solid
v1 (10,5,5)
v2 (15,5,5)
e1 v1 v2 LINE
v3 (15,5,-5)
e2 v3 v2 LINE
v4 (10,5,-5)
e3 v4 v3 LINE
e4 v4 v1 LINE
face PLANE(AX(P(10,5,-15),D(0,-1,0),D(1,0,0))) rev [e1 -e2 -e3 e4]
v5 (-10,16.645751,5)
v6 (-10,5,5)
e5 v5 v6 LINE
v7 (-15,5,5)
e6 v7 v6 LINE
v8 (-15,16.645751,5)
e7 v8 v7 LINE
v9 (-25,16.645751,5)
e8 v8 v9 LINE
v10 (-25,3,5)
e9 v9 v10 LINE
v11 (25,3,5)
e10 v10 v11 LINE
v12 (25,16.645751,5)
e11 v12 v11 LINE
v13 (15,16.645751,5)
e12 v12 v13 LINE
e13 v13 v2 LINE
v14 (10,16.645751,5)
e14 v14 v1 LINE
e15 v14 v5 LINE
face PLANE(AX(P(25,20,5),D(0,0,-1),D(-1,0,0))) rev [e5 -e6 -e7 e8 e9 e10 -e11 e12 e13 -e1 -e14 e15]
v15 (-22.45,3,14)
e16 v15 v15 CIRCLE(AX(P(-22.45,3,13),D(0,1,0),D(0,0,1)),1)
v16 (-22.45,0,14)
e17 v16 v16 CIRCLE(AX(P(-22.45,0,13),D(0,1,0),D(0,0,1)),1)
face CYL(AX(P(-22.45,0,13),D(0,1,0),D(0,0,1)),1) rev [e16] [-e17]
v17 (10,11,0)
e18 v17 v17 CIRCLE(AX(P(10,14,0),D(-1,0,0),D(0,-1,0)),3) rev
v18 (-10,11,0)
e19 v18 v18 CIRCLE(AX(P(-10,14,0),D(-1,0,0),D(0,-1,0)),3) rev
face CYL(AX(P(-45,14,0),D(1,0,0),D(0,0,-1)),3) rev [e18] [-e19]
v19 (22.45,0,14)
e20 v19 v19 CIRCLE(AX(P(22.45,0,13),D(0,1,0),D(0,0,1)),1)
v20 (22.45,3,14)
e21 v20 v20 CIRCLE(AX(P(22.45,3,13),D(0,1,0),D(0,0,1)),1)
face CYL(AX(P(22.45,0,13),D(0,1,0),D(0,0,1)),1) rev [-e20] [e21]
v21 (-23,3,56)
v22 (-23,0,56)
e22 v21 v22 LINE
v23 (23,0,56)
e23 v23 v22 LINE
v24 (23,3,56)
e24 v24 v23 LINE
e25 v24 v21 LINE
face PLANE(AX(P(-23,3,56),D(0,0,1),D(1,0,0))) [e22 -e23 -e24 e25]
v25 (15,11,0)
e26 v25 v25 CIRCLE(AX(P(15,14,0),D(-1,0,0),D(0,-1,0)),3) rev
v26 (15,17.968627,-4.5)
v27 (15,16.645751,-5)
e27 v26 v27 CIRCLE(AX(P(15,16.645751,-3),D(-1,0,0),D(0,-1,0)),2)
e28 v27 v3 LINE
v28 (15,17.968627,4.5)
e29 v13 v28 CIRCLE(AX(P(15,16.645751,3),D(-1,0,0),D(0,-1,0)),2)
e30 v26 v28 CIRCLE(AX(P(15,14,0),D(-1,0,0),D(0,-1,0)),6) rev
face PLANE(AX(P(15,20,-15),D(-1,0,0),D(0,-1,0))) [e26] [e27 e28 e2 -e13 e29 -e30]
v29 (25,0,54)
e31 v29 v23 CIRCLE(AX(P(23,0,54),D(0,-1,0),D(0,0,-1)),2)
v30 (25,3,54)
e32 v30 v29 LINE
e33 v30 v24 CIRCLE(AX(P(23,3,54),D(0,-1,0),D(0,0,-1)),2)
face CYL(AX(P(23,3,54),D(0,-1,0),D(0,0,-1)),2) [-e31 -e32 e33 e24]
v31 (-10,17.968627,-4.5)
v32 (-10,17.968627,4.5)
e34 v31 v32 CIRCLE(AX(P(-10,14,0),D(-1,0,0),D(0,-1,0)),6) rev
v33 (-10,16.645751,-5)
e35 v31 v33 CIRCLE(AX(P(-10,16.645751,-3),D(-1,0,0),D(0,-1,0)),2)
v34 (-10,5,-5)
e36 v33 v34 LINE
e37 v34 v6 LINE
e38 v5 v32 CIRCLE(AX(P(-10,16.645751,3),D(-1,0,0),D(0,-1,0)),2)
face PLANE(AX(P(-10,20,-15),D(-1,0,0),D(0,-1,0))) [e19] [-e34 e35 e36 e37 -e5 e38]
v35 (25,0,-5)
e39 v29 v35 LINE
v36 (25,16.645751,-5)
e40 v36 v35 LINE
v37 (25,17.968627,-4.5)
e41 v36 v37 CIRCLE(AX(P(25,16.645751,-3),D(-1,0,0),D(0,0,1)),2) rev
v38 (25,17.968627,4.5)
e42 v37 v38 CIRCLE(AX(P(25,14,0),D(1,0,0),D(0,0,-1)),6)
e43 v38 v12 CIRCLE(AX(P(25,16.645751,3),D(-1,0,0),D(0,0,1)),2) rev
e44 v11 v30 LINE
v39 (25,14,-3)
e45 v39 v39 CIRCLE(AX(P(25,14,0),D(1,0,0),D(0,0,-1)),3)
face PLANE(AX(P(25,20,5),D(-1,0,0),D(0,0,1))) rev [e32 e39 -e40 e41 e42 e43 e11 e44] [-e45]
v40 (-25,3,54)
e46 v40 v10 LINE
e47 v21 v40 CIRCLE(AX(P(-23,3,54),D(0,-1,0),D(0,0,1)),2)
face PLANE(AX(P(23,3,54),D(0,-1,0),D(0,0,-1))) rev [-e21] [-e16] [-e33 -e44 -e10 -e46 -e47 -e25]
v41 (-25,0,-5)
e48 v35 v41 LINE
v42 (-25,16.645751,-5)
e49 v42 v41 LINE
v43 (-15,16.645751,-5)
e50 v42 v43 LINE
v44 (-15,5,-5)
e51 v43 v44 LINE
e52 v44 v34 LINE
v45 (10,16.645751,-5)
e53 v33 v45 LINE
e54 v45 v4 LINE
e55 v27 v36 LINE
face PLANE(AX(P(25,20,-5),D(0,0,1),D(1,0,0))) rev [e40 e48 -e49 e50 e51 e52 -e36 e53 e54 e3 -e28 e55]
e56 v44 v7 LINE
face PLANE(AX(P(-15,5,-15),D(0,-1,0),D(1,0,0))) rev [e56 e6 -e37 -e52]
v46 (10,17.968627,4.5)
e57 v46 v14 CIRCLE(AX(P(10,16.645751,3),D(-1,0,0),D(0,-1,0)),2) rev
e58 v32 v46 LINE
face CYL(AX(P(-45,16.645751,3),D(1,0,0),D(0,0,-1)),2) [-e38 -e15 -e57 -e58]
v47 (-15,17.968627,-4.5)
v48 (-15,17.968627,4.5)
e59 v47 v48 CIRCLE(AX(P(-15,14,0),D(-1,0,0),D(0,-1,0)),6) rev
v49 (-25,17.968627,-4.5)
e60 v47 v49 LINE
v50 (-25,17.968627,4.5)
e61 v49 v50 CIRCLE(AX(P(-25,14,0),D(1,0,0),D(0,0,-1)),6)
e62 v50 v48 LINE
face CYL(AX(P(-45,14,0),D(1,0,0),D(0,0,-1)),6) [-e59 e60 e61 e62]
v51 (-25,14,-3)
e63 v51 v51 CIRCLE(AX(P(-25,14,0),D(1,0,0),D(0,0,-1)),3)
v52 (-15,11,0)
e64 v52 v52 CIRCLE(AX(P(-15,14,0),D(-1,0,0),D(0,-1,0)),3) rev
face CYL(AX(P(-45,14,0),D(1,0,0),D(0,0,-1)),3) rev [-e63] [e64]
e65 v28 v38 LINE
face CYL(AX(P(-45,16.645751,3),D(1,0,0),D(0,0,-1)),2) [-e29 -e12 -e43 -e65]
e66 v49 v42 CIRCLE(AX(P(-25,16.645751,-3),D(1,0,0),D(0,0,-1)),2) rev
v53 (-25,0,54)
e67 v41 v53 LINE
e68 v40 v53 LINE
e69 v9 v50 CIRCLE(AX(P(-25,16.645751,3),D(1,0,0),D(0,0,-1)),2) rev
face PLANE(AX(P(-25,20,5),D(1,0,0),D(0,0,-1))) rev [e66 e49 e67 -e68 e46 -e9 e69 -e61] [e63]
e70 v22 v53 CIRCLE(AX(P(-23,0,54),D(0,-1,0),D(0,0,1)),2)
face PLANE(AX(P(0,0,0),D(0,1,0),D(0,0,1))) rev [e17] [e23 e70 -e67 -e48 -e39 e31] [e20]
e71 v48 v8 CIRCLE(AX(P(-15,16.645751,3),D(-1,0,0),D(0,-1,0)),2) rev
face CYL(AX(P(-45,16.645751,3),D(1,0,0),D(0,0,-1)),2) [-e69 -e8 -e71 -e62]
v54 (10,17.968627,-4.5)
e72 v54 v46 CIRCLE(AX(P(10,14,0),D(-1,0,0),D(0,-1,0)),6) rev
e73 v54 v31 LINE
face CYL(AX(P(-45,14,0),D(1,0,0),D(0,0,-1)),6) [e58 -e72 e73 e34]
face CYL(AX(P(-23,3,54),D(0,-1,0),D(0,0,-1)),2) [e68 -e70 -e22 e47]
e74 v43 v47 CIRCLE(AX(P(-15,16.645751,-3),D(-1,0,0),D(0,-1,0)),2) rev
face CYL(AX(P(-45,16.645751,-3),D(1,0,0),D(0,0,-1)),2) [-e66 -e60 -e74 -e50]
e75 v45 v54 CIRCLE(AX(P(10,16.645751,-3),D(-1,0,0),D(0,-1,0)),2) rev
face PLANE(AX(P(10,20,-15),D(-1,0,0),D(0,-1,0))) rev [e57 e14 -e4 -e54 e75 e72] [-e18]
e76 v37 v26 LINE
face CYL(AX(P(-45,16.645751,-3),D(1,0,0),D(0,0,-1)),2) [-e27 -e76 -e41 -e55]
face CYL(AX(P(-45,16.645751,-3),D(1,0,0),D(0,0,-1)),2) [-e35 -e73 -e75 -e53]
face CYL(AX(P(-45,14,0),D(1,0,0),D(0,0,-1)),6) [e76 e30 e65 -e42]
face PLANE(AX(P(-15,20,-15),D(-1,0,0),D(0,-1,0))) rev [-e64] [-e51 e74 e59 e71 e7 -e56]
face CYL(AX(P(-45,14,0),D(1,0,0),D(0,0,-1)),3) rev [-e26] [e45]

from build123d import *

# Parameters (mm, degrees)
SKETCH1_W           = 50
SKETCH1_H           = 10
BOSS_EXTRUDE1_DEPTH = 20
CUT_EXTRUDE1_DEPTH  = 70
SKETCH3_3_R         = 3
CUT_EXTRUDE2_DEPTH  = 70
SKETCH4_W           = 5
SKETCH4_H           = 15
CUT_EXTRUDE4_DEPTH  = 20
FILLET5_R           = 2
FILLET6_R           = 2
FILLET7_R           = 2
FILLET8_R           = 2
FILLET9_R           = 2
FILLET10_R          = 2
BOSS_EXTRUDE5_DEPTH = 3
SKETCH14_R          = 1
CUT_EXTRUDE5_DEPTH  = 3


with BuildPart() as part:
    # Sketch1 → Boss-Extrude1 (new body)
    with BuildSketch(Plane(origin=(0, 0, 0), x_dir=(1, 0, 0), z_dir=(0, 1, 0))):
        Rectangle(SKETCH1_W, SKETCH1_H)
    extrude(amount=BOSS_EXTRUDE1_DEPTH)

    # Sketch3 → Cut-Extrude1 (cut)
    with BuildSketch(Plane(origin=(25, 0, 0), x_dir=(0, 0, -1), z_dir=(1, 0, 0))):
        with BuildLine():
            ThreePointArc((-5, 17.31662479), (-2.837274331, 19.286764074), (0, 20))
            Line((0, 20), (-5, 20))
            Line((-5, 20), (-5, 17.31662479))
        make_face()
        with BuildLine():
            ThreePointArc((0, 20), (2.837274331, 19.286764074), (5, 17.31662479))
            Line((5, 17.31662479), (5, 20))
            Line((5, 20), (0, 20))
        make_face()
    extrude(amount=-CUT_EXTRUDE1_DEPTH, mode=Mode.SUBTRACT)

    # Sketch3<3> → Cut-Extrude2 (cut)
    with BuildSketch(Plane(origin=(25, 0, 0), x_dir=(0, 0, -1), z_dir=(1, 0, 0))):
        with Locations((0, 14)):
            Circle(SKETCH3_3_R)
    extrude(amount=-CUT_EXTRUDE2_DEPTH, mode=Mode.SUBTRACT)

    # Sketch4 → Cut-Extrude4 (cut)
    with BuildSketch(Plane.XY.offset(5)):
        with Locations((-12.5, 12.5)):
            Rectangle(SKETCH4_W, SKETCH4_H)
        with Locations((12.5, 12.5)):
            Rectangle(SKETCH4_W, SKETCH4_H)
    extrude(amount=-CUT_EXTRUDE4_DEPTH, mode=Mode.SUBTRACT)

    # Fillet5
    fillet5_edges = [part.edges().sort_by_distance(p)[0] for p in [
        (-20, 17.31662479, 5),
    ]]
    fillet(fillet5_edges, radius=FILLET5_R)

    # Fillet6
    fillet6_edges = [part.edges().sort_by_distance(p)[0] for p in [
        (0, 17.31662479, 5),
    ]]
    fillet(fillet6_edges, radius=FILLET6_R)

    # Fillet7
    fillet7_edges = [part.edges().sort_by_distance(p)[0] for p in [
        (20, 17.31662479, 5),
    ]]
    fillet(fillet7_edges, radius=FILLET7_R)

    # Fillet8
    fillet8_edges = [part.edges().sort_by_distance(p)[0] for p in [
        (20, 17.31662479, -5),
    ]]
    fillet(fillet8_edges, radius=FILLET8_R)

    # Fillet9
    fillet9_edges = [part.edges().sort_by_distance(p)[0] for p in [
        (0, 17.31662479, -5),
    ]]
    fillet(fillet9_edges, radius=FILLET9_R)

    # Fillet10
    fillet10_edges = [part.edges().sort_by_distance(p)[0] for p in [
        (-20, 17.31662479, -5),
    ]]
    fillet(fillet10_edges, radius=FILLET10_R)

    # Sketch13 → Boss-Extrude5 (add)
    with BuildSketch(Plane.XZ):
        with BuildLine():
            Line((-25, 5), (25, 5))
            Line((25, 5), (25, 54))
            ThreePointArc((25, 54), (24.414213562, 55.414213562), (23, 56))
            Line((23, 56), (-23, 56))
            ThreePointArc((-23, 56), (-24.414213562, 55.414213562), (-25, 54))
            Line((-25, 54), (-25, 5))
        make_face()
    extrude(amount=-BOSS_EXTRUDE5_DEPTH)

    # Sketch14 → Cut-Extrude5 (cut)
    with BuildSketch(Plane(origin=(0, 3, 0), x_dir=(1, 0, 0), z_dir=(0, 1, 0))):
        with Locations((-22.45, -13)):
            Circle(SKETCH14_R)
        with Locations((22.45, -13)):
            Circle(SKETCH14_R)
    extrude(amount=-CUT_EXTRUDE5_DEPTH, mode=Mode.SUBTRACT)


solid = part.part
